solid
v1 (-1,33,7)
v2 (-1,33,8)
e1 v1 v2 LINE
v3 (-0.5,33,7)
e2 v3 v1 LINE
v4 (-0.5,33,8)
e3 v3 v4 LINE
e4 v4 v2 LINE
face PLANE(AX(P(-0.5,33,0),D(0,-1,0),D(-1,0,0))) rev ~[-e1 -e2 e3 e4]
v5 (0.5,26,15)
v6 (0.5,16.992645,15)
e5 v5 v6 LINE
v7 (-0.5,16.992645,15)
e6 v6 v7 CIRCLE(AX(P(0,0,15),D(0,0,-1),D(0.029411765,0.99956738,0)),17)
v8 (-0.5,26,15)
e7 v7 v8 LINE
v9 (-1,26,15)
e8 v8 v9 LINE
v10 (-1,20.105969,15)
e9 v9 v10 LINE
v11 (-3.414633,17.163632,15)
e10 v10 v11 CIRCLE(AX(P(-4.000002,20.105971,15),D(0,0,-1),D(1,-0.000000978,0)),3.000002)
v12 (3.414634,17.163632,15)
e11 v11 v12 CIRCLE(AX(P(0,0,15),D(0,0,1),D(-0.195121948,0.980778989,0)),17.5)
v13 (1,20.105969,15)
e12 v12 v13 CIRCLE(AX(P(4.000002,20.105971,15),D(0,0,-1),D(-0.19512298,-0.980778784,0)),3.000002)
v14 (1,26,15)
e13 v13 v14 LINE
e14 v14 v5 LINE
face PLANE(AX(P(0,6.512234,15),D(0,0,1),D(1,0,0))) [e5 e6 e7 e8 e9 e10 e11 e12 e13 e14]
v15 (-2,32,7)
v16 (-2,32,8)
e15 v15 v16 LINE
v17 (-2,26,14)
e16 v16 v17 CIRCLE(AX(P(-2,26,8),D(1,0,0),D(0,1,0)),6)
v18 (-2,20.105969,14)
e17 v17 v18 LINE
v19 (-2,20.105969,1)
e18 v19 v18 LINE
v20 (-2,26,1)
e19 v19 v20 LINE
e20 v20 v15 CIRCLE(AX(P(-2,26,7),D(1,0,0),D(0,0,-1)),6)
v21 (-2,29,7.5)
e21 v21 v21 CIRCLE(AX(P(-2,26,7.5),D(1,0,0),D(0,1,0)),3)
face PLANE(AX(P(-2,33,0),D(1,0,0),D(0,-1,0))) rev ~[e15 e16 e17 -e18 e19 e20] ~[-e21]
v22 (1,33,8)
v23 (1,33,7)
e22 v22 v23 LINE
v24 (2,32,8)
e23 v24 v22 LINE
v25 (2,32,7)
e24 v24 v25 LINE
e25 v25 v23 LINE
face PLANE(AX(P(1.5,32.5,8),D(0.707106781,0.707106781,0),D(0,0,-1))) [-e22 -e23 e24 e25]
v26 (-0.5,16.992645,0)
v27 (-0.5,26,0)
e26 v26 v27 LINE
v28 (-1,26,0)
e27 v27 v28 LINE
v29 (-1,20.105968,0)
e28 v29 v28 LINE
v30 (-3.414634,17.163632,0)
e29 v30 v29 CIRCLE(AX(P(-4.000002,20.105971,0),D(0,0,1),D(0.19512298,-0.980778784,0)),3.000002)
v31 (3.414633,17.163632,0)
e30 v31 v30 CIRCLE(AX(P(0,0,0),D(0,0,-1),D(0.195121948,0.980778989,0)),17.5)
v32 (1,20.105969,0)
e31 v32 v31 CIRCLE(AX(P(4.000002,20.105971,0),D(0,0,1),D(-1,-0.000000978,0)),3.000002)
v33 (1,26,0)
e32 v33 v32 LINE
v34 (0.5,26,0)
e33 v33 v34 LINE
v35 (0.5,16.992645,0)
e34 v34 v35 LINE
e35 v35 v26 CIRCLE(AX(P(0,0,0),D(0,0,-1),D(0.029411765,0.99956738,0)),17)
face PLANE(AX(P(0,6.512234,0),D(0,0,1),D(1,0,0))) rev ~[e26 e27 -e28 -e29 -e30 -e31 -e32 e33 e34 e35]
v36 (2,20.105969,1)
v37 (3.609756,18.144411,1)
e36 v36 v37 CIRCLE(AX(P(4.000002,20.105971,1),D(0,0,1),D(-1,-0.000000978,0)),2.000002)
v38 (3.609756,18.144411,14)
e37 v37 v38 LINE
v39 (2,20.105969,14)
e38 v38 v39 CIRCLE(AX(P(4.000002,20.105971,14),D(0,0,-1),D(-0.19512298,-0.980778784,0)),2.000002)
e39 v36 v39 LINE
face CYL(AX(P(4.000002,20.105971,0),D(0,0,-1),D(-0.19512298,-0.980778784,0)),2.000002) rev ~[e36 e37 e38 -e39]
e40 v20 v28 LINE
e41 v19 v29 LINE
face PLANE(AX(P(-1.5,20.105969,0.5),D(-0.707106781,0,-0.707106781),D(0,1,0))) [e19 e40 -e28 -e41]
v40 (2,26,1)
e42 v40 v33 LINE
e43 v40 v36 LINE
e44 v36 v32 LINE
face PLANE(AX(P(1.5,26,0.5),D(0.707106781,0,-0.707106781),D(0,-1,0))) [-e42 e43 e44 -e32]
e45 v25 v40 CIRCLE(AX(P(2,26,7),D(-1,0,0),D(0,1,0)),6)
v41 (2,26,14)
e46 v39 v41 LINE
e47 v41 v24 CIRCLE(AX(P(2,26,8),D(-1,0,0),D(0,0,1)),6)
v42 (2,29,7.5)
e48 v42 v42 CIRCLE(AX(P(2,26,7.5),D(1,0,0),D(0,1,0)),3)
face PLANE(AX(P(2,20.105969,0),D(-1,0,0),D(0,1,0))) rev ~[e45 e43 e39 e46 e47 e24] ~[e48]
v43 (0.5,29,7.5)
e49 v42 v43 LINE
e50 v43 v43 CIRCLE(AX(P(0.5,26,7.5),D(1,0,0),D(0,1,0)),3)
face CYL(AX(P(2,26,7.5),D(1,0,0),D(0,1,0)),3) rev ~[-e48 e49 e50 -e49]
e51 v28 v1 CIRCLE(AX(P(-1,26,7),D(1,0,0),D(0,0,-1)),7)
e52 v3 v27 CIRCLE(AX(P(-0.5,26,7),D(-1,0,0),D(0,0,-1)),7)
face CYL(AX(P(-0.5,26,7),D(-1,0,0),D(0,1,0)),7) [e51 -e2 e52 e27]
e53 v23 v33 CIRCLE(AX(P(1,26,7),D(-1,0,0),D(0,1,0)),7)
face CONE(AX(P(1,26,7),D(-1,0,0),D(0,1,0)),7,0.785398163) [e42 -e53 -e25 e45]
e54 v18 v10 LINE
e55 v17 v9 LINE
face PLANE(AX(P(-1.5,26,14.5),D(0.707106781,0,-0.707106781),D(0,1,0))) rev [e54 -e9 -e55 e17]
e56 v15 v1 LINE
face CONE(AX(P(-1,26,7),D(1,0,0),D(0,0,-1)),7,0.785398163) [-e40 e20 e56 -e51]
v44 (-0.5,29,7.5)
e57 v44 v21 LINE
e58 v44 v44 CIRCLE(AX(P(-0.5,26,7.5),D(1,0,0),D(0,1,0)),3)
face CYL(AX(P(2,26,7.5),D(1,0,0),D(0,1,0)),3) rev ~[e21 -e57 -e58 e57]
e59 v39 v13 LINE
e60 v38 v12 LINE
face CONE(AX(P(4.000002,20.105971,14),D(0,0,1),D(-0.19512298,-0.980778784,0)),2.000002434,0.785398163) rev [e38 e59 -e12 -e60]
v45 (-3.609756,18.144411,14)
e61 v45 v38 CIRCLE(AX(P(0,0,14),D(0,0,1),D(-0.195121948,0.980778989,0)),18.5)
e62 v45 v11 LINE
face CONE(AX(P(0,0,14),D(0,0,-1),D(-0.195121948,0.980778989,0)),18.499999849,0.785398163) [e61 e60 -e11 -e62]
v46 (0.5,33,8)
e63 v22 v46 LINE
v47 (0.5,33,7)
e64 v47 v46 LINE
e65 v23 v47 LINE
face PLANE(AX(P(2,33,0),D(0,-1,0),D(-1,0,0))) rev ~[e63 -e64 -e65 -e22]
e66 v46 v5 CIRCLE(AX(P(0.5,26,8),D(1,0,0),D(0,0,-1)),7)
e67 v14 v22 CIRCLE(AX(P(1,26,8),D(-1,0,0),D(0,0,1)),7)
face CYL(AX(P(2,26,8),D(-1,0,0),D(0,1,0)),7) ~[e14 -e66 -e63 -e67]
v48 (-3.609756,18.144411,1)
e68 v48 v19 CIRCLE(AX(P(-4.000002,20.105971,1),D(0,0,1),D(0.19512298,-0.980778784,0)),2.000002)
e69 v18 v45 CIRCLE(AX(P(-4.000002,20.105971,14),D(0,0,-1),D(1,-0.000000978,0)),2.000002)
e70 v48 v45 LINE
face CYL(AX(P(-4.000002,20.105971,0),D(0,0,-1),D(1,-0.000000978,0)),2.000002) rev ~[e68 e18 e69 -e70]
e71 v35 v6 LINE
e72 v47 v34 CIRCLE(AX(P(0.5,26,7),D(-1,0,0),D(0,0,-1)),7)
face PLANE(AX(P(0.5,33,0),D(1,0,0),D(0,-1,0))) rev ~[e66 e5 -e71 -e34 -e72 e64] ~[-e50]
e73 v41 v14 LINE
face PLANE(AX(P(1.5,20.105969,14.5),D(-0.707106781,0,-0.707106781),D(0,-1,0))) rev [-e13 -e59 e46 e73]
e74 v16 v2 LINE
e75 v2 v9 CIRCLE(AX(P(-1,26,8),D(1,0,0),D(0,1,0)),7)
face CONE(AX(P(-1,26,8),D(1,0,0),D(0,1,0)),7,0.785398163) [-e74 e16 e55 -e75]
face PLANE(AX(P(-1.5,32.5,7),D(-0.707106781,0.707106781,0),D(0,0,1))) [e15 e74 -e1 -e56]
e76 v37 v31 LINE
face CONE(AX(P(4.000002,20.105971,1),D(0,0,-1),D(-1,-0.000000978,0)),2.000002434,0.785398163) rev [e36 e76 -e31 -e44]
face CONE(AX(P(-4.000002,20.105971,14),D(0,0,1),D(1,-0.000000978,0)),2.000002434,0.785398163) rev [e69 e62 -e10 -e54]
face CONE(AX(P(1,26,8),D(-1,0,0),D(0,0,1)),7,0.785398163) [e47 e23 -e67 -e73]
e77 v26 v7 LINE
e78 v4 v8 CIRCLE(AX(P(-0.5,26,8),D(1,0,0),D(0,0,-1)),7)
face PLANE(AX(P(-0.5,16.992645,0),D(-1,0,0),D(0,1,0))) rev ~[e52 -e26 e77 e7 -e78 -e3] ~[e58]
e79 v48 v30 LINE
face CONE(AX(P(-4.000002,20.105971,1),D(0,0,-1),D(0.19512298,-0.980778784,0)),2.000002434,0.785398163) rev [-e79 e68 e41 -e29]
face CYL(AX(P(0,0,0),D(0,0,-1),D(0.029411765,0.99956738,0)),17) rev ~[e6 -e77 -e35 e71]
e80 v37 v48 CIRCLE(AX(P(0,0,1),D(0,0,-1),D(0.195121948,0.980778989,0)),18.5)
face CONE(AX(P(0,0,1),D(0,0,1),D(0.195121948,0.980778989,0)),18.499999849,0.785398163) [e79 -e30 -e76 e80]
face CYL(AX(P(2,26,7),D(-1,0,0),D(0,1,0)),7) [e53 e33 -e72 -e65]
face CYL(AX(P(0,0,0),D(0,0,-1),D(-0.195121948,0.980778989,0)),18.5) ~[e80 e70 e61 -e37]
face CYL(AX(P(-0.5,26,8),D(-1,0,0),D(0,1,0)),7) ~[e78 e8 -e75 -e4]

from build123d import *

# Parameters (mm, degrees)
F1_DEPTH = 15
F2_R     = 7
F3_R     = 3
F4_DEPTH = 25
F5_SIZE2 = 1
F5_SIZE  = 1


with BuildPart() as f1:
    # F0 (on Top) → F1 (new body)
    with BuildSketch(Plane.XY):
        with BuildLine():
            ThreePointArc((-2, 20.105969), (-2.453959, 18.837208), (-3.609756, 18.144411))
            ThreePointArc((-3.609756, 18.144411), (0, -18.5), (3.609756, 18.144411))
            ThreePointArc((3.609756, 18.144411), (2.453959, 18.837208), (2, 20.105969))
            Line((2, 20.105969), (2, 33))
            Line((2, 33), (0.5, 33))
            Line((0.5, 33), (0.5, 16.992645))
            ThreePointArc((0.5, 16.992645), (0, -17), (-0.5, 16.992645))
            Line((-0.5, 16.992645), (-0.5, 33))
            Line((-0.5, 33), (-2, 33))
            Line((-2, 33), (-2, 20.105969))
        make_face()
    extrude(amount=F1_DEPTH)

    # F2
    f2_edges = [f1.edges().sort_by_distance(p)[0] for p in [
        (1.25, 33, 15),
        (-1.25, 33, 15),
        (1.25, 33, 0),
        (-1.25, 33, 0),
    ]]
    fillet(f2_edges, radius=F2_R)

    # F3 (on face) → F4 (cut)
    with BuildSketch(Plane.YZ.offset(2)):
        with Locations((26, 7.5)):
            Circle(F3_R)
    extrude(amount=-F4_DEPTH, mode=Mode.SUBTRACT)

    # F5
    f5_edges = [f1.edges().sort_by_distance(p)[0] for p in [
        (2, 23.052985, 15),
    ]]
    chamfer(f5_edges, length=F5_SIZE, length2=F5_SIZE2)


solid = f1.part
